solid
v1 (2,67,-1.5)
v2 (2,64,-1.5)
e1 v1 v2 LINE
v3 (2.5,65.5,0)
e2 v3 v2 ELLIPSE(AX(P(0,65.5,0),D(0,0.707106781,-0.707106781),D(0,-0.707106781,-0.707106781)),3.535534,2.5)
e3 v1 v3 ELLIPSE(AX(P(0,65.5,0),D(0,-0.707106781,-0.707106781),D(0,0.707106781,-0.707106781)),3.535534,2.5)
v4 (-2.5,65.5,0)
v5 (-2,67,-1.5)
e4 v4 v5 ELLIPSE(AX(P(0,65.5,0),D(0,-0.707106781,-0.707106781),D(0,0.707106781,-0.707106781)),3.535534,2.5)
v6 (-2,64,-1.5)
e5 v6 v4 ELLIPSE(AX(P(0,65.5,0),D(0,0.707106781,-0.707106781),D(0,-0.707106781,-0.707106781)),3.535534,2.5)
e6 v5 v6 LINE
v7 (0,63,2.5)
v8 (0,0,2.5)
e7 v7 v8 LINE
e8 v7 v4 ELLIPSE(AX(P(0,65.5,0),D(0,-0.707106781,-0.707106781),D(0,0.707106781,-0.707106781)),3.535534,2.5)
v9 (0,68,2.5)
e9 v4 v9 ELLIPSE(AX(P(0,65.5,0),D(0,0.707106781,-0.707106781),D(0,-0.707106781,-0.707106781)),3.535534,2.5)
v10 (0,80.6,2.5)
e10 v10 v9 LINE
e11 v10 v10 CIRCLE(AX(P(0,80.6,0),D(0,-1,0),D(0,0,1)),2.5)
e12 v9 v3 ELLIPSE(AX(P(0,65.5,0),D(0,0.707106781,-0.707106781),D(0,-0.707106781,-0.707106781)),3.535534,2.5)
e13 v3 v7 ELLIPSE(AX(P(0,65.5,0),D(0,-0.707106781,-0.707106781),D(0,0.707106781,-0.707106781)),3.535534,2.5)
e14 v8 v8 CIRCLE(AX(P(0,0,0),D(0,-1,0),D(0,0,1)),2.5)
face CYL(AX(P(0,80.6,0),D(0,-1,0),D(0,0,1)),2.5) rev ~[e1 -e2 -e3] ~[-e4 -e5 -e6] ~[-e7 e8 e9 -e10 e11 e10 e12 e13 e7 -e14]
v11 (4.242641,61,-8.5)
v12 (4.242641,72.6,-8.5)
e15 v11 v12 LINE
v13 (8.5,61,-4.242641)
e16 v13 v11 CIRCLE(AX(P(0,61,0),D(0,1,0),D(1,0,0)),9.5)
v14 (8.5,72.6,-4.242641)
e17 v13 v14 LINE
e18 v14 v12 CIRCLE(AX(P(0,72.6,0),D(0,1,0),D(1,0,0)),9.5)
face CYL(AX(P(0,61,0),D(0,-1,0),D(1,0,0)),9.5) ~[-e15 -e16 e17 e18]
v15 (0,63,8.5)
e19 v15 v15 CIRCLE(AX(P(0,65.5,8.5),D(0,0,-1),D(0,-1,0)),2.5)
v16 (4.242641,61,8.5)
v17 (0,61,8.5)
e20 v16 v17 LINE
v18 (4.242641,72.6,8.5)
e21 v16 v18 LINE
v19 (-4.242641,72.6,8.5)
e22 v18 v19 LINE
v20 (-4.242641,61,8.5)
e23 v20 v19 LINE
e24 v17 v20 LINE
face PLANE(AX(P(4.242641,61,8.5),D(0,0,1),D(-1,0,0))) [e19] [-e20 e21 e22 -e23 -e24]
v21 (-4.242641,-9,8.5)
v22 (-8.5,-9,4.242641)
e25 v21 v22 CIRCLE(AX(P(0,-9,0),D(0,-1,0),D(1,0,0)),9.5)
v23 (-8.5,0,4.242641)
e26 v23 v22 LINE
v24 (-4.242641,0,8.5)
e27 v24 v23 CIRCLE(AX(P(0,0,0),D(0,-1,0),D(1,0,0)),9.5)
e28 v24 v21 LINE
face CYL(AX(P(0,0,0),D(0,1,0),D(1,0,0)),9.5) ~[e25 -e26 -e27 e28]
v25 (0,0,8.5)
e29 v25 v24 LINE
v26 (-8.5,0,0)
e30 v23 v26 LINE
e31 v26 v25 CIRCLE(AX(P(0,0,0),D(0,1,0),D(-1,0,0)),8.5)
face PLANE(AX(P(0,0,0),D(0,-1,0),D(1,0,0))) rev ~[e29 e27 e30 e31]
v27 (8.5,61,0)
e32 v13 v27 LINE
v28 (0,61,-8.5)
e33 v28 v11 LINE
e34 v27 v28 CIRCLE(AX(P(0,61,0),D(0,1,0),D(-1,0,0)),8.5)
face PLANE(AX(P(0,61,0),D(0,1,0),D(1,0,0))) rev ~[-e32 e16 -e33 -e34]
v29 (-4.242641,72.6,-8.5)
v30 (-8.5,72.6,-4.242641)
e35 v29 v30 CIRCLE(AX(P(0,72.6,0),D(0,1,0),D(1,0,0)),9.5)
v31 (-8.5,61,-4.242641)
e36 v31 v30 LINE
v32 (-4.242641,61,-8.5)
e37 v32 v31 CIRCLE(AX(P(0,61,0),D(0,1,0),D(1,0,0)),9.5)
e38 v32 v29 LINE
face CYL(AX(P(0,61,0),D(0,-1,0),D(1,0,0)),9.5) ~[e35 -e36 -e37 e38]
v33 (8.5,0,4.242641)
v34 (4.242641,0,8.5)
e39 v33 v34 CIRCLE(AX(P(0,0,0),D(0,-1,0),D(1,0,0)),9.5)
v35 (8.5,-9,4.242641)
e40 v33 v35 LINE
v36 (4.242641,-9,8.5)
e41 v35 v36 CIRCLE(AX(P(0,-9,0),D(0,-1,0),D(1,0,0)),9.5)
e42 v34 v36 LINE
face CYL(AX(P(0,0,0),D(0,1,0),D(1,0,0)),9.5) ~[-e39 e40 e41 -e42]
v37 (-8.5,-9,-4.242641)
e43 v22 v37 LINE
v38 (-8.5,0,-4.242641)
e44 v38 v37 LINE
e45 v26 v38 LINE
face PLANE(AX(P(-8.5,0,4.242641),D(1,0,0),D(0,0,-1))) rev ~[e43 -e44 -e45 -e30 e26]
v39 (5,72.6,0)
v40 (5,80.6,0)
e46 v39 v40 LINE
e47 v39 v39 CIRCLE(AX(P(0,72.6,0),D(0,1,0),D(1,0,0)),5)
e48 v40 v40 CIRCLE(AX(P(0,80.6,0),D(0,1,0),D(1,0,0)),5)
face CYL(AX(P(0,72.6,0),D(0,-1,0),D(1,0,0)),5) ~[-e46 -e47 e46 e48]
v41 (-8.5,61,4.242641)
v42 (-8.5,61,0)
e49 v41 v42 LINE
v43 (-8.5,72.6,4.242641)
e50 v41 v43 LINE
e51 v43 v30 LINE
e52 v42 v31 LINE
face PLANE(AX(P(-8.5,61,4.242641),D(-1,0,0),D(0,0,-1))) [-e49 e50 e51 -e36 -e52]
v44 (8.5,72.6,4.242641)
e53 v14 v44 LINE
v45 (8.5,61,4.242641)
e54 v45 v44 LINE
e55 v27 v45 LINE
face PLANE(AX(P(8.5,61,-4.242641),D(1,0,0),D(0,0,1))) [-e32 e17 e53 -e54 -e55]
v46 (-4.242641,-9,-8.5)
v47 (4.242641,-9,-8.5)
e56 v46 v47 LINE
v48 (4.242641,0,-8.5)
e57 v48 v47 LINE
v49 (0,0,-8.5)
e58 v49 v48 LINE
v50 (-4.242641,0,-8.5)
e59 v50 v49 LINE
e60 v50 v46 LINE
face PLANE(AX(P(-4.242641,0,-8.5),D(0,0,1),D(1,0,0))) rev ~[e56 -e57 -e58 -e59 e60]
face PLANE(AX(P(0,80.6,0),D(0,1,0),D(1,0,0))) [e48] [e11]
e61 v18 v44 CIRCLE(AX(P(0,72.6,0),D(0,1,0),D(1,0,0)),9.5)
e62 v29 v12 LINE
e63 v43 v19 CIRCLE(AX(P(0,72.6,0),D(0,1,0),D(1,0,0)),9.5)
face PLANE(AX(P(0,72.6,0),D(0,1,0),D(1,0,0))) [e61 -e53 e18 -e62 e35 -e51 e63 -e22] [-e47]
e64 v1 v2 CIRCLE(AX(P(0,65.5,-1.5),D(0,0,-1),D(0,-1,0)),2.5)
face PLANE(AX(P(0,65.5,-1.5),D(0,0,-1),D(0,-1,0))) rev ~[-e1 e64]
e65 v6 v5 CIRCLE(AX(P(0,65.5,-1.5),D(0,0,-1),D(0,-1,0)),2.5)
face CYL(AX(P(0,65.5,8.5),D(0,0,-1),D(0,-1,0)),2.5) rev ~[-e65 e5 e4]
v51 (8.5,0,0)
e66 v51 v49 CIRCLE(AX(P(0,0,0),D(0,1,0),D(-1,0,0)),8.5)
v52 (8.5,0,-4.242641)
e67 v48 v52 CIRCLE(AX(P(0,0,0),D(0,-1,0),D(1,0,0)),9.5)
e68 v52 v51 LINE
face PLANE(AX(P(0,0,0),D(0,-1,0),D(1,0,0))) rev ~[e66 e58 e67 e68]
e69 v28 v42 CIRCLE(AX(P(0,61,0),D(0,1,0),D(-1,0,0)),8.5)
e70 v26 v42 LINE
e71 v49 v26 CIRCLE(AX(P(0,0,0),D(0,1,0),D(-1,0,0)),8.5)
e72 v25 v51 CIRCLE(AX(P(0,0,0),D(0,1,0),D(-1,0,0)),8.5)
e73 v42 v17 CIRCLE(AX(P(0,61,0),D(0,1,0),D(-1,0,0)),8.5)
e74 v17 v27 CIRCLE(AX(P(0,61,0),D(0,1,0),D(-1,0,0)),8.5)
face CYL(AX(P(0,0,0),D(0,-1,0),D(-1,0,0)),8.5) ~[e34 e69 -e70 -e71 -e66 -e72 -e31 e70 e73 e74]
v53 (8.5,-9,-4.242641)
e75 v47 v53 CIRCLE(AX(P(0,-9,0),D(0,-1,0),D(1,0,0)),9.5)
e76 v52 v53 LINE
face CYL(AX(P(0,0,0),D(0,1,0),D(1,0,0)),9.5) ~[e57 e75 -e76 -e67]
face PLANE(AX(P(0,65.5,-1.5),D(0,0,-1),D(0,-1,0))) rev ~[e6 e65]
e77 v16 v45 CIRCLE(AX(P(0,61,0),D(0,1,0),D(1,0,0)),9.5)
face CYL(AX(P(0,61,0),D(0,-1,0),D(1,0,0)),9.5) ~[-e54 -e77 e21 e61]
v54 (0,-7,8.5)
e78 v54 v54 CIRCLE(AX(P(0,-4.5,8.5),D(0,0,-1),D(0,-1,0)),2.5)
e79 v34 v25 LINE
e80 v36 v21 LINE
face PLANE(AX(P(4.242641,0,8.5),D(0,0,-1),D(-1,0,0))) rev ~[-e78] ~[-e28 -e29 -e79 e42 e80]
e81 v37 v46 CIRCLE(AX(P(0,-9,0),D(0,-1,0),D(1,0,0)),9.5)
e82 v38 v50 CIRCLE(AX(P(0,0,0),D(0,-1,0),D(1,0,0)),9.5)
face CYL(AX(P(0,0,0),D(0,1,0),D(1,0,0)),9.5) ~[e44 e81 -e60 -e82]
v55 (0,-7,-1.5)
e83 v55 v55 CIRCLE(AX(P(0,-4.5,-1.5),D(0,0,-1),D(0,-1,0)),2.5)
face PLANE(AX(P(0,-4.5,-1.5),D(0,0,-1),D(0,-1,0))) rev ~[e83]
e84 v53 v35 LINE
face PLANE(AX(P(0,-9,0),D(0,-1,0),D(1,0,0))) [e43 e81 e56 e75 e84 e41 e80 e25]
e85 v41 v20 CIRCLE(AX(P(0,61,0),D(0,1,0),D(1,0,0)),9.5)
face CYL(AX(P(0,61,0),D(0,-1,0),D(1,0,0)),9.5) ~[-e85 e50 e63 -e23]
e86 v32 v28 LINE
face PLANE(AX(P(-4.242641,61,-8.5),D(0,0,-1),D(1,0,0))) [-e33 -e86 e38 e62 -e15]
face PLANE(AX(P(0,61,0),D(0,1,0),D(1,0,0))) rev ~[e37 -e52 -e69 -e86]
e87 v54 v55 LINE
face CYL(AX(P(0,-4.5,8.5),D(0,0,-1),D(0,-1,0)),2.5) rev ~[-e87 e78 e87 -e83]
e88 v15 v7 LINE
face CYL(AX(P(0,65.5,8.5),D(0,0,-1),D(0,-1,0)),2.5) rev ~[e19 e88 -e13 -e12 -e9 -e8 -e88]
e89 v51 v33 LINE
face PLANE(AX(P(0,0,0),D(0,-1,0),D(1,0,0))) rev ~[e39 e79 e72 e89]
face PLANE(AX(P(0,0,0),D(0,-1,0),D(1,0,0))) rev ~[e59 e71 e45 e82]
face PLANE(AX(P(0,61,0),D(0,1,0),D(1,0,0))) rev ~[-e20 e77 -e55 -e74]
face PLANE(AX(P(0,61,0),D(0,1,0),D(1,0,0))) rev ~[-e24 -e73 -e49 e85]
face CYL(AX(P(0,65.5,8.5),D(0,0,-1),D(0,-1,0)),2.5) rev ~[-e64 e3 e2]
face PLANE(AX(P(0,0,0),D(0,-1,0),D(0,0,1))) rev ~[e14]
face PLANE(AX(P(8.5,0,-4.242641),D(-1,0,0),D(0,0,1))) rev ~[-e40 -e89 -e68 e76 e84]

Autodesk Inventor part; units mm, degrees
ref_plane "YZ Plane" through (0, 0, 0) normal (1, 0, 0) x (0, 1, 0)
ref_plane "XZ Plane" through (0, 0, 0) normal (0, 1, 0) x (-1, 0, 0)
ref_plane "XY Plane" through (0, 0, 0) normal (0, 0, 1) x (1, 0, 0)
sketch "スケッチ1" plane through (0, 0, 0) normal (0, 1, 0) x (-1, 0, 0)
  circle A0 centre (0, 0) radius 8.5
  dimension "d0" = 17
extrude "押し出し1" add sketch "スケッチ1" along normal blind 61
sketch "スケッチ2" plane through (0, 61, 0) normal (0, 1, 0) x (1, 0, 0)
  circle A0 centre (0, 0) radius 9.5
  line L0 (8.5, -8.5) -> (-8.5, -8.5)
  line L1 (-8.5, -8.5) -> (-8.5, 8.5)
  line L2 (-8.5, 8.5) -> (8.5, 8.5)
  line L3 (8.5, 8.5) -> (8.5, -8.5)
  line L4 (8.5, -8.5) -> (-8.5, 8.5) construction
  line L5 (-8.5, -8.5) -> (8.5, 8.5) construction
  point P0 (8.5, -4.2426)
  point P1 (8.5, 4.2426)
  point P2 (4.2426, 8.5)
  point P3 (-4.2426, 8.5)
  point P4 (-8.5, 4.2426)
  point P5 (-8.5, -4.2426)
  point P6 (-4.2426, -8.5)
  point P7 (4.2426, -8.5)
  dimension "d3" = 19
  dimension "d4" = 17
  dimension "d5" = 17
extrude "押し出し2" add sketch "スケッチ2" along normal blind 11.6 contours L3 A0 L0 L1 L2
sketch "スケッチ3" plane through (0, 0, 0) normal (0, -1, 0) x (1, 0, 0)
  circle A0 centre (0, 0) radius 9.5
  line L0 (8.5, 8.5) -> (-8.5, 8.5)
  line L1 (-8.5, 8.5) -> (-8.5, -8.5)
  line L2 (-8.5, -8.5) -> (8.5, -8.5)
  line L3 (8.5, -8.5) -> (8.5, 8.5)
  line L4 (8.5, 8.5) -> (-8.5, -8.5) construction
  line L5 (-8.5, 8.5) -> (8.5, -8.5) construction
  point P0 (8.5, -4.2426)
  point P1 (8.5, 4.2426)
  point P2 (4.2426, 8.5)
  point P3 (-4.2426, 8.5)
  point P4 (-8.5, 4.2426)
  point P5 (-8.5, -4.2426)
  point P6 (-4.2426, -8.5)
  point P7 (4.2426, -8.5)
  dimension "d8" = 19
  dimension "d9" = 17
  dimension "d10" = 17
extrude "押し出し3" add sketch "スケッチ3" along normal blind 9 contours L3 A0 L2 L1 L0
sketch "スケッチ4" plane through (0, 72.6, 0) normal (0, 1, 0) x (1, 0, 0)
  circle A0 centre (0, 0) radius 5
  dimension "d13" = 10
extrude "押し出し4" add sketch "スケッチ4" along normal blind 8
thread "ねじ1" size "M10x1.5" class "6g" standard "ANSI Metric M Profile" full length
sketch "スケッチ5" plane through (-4.2426, 61, 8.5) normal (0, 0, 1) x (1, 0, 0)
  line L0 (0, -61) -> (0, -70) projected
  line L1 (0, 0) -> (0, 11.6) projected
  line L2 (0, 11.6) -> (8.4853, 11.6) projected
  line L3 (0, 0) -> (4.2426, 0) projected
  point P0 (4.2426, -61)
  point P1 (4.2426, 4.5)
  point P2 (4.2426, -65.5)
  point P3 (0, -65.5)
  point P4 (0, 5.8)
  point P5 (4.2426, 11.6)
  dimension "d18" = 4.5
hole "穴1" at (0, 65.5, 8.5) at (0, -4.5, 8.5) direction (0, 0, -1) diameter 5 depth 10
thread "ねじ2" size "M5x0.8" class "6H" standard "ANSI Metric M Profile" full length
thread "ねじ3" size "M5x0.8" class "6H" standard "ANSI Metric M Profile" full length
sketch "スケッチ6" plane through (0, 80.6, 0) normal (0, 1, 0) x (1, 0, 0)
  circle A0 centre (0, 0) radius 5 projected
hole "穴2" at (0, 80.6, 0) direction (0, -1, 0) diameter 5 depth 80.6
properties part number "KOGANEI_unkown_35_main" material "ステンレス鋼 440C"
